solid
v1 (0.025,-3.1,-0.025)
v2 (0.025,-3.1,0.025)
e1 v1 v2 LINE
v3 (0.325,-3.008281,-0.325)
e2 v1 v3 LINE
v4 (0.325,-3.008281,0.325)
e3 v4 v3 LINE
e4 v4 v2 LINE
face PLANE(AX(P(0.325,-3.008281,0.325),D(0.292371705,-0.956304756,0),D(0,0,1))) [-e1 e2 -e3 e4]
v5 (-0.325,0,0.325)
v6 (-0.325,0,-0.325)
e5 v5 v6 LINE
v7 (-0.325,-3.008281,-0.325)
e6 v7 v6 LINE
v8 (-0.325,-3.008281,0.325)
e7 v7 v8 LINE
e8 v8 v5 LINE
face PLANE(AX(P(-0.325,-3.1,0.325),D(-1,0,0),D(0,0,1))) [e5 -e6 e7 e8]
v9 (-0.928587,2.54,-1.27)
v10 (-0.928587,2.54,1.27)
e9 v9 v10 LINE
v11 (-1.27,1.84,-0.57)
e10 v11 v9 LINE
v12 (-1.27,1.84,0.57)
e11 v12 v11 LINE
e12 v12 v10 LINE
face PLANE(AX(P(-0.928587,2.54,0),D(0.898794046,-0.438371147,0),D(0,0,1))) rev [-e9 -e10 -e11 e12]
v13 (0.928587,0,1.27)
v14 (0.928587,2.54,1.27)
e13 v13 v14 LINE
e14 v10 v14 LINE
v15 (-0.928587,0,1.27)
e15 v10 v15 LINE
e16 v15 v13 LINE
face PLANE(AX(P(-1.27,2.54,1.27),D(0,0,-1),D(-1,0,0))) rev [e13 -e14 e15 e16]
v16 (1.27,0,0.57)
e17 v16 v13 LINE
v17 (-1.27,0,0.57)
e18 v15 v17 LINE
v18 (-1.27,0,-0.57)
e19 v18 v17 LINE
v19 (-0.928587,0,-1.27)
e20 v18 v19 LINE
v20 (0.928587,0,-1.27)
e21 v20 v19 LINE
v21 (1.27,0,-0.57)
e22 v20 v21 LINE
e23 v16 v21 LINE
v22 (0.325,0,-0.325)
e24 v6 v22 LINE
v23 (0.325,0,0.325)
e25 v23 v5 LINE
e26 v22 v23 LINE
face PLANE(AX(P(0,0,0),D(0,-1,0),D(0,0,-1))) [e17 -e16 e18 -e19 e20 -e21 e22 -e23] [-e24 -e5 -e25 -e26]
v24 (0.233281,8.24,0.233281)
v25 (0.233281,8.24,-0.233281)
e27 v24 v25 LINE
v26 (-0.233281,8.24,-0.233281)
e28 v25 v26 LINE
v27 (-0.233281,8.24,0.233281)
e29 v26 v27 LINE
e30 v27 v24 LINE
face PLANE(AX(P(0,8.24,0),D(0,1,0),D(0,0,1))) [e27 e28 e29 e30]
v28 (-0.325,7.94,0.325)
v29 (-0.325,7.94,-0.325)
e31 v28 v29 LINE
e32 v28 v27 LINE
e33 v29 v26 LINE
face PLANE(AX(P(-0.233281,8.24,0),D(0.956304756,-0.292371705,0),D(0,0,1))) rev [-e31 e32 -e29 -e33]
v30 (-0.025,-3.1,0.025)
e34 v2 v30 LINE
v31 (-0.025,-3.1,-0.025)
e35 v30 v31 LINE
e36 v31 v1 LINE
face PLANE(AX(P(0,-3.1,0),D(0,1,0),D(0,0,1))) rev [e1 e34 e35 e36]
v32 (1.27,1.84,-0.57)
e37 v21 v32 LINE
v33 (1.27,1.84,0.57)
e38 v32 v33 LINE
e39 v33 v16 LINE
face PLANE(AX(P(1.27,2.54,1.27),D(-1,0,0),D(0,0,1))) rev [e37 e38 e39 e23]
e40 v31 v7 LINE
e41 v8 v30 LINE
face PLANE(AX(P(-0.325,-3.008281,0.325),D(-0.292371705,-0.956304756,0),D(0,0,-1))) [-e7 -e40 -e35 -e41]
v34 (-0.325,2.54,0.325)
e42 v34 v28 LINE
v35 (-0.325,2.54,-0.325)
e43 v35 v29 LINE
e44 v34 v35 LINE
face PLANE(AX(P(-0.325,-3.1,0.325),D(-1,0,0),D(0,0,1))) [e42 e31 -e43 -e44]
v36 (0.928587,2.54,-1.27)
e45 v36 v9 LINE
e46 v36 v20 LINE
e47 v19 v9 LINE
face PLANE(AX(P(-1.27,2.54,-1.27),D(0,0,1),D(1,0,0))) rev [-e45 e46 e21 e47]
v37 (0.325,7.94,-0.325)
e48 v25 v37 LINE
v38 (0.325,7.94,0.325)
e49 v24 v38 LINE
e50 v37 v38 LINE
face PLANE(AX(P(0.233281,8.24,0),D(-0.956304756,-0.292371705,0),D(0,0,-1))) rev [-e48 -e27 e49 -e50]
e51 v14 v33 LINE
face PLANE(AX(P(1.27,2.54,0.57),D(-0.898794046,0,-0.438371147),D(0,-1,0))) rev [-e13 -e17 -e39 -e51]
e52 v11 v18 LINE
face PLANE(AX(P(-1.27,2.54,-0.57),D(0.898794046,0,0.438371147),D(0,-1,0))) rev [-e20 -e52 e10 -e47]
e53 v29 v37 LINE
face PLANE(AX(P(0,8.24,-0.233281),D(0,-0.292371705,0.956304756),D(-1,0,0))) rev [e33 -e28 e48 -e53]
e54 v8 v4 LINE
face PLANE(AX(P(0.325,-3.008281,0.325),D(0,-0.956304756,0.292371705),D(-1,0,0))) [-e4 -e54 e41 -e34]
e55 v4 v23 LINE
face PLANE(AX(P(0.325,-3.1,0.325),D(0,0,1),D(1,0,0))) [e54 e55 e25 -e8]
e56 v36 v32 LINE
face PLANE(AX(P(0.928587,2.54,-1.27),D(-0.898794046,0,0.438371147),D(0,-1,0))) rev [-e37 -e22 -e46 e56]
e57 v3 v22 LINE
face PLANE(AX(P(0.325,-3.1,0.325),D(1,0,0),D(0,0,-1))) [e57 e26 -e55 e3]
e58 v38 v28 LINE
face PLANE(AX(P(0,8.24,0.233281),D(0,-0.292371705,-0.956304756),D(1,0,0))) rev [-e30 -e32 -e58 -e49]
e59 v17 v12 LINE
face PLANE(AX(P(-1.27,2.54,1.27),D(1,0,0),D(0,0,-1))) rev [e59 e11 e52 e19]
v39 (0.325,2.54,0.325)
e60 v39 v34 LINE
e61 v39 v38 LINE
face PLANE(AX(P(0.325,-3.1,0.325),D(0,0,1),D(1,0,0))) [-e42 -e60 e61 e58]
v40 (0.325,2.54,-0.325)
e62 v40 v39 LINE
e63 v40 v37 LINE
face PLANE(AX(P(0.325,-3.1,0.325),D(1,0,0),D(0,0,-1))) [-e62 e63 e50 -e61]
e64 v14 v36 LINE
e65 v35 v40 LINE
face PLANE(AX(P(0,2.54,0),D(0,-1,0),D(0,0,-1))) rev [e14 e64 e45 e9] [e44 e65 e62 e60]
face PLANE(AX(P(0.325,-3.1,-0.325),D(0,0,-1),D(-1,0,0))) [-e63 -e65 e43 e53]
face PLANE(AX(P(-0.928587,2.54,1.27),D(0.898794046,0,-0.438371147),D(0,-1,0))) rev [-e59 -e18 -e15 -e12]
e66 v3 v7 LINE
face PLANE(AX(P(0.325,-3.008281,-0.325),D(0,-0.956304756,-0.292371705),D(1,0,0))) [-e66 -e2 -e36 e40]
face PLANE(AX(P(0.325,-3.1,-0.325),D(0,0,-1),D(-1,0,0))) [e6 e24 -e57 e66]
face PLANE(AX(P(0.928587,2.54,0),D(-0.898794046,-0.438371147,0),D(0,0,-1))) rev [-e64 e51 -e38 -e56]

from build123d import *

# Parameters (mm, degrees)
SKETCH1_W                = 2.54
SKETCH1_H                = 2.54
BOSS_EXTRUDE1_DEPTH      = 2.54
SKETCH2_W                = 0.65
SKETCH2_H                = 0.65
BOSS_EXTRUDE2_DEPTH      = 5.7
BOSS_EXTRUDE2_DEPTH_BACK = 5.64
CHAMFER1_SIZE            = 0.3
CHAMFER1_SIZE2           = 0.091719204
CHAMFER1_PART_2_SIZE     = 0.3
CHAMFER1_PART_2_SIZE2    = 0.091719204
CHAMFER1_PART_3_SIZE     = 0.3
CHAMFER1_PART_3_SIZE2    = 0.091719204
CHAMFER1_PART_4_SIZE     = 0.3
CHAMFER1_PART_4_SIZE2    = 0.091719204
CHAMFER1_PART_5_SIZE     = 0.3
CHAMFER1_PART_5_SIZE2    = 0.091719204
CHAMFER3_SIZE            = 0.7
CHAMFER3_SIZE2           = 0.341412812
CHAMFER4_SIZE            = 0.7
CHAMFER4_SIZE2           = 0.341412812


with BuildPart() as part:
    # Sketch1 → Boss-Extrude1 (new body)
    with BuildSketch(Plane(origin=(0, 0, 0), x_dir=(1, 0, 0), z_dir=(0, 1, 0))):
        Rectangle(SKETCH1_W, SKETCH1_H)
    extrude(amount=BOSS_EXTRUDE1_DEPTH)

    # Sketch2 → Boss-Extrude2 (add, two sides)
    with BuildSketch(Plane(origin=(0, 2.54, 0), x_dir=(1, 0, 0), z_dir=(0, 1, 0))) as boss_extrude2_sk:
        Rectangle(SKETCH2_W, SKETCH2_H)
    extrude(amount=BOSS_EXTRUDE2_DEPTH)
    extrude(boss_extrude2_sk.sketch, amount=-BOSS_EXTRUDE2_DEPTH_BACK)

    # Chamfer1
    chamfer1_edges = [part.edges().sort_by_distance(p)[0] for p in [
        (-0.325, -3.1, 0),
        (0, -3.1, -0.325),
        (0.325, -3.1, 0),
        (0, -3.1, 0.325),
    ]]
    chamfer1_side = [part.faces().sort_by_distance(p)[0] for p in [
        (0, -3.1, 0),
    ]]
    chamfer(chamfer1_edges, length=CHAMFER1_SIZE, length2=CHAMFER1_SIZE2, reference=chamfer1_side[0])

    # Chamfer1 part 2
    chamfer1_part_2_edges = [part.edges().sort_by_distance(p)[0] for p in [
        (-0.325, 8.24, 0),
    ]]
    chamfer1_part_2_side = [part.faces().sort_by_distance(p)[0] for p in [
        (-0.325, 5.39, 0),
    ]]
    chamfer(chamfer1_part_2_edges, length=CHAMFER1_PART_2_SIZE, length2=CHAMFER1_PART_2_SIZE2, reference=chamfer1_part_2_side[0])

    # Chamfer1 part 3
    chamfer1_part_3_edges = [part.edges().sort_by_distance(p)[0] for p in [
        (0, 8.24, 0.325),
    ]]
    chamfer1_part_3_side = [part.faces().sort_by_distance(p)[0] for p in [
        (0, 5.39, 0.325),
    ]]
    chamfer(chamfer1_part_3_edges, length=CHAMFER1_PART_3_SIZE, length2=CHAMFER1_PART_3_SIZE2, reference=chamfer1_part_3_side[0])

    # Chamfer1 part 4
    chamfer1_part_4_edges = [part.edges().sort_by_distance(p)[0] for p in [
        (0.325, 8.24, 0),
    ]]
    chamfer1_part_4_side = [part.faces().sort_by_distance(p)[0] for p in [
        (0.325, 5.39, 0),
    ]]
    chamfer(chamfer1_part_4_edges, length=CHAMFER1_PART_4_SIZE, length2=CHAMFER1_PART_4_SIZE2, reference=chamfer1_part_4_side[0])

    # Chamfer1 part 5
    chamfer1_part_5_edges = [part.edges().sort_by_distance(p)[0] for p in [
        (0, 8.24, -0.325),
    ]]
    chamfer1_part_5_side = [part.faces().sort_by_distance(p)[0] for p in [
        (0, 5.39, -0.325),
    ]]
    chamfer(chamfer1_part_5_edges, length=CHAMFER1_PART_5_SIZE, length2=CHAMFER1_PART_5_SIZE2, reference=chamfer1_part_5_side[0])

    # Chamfer3
    chamfer3_edges = [part.edges().sort_by_distance(p)[0] for p in [
        (1.27, 2.54, 0),
        (1.27, 1.27, 1.27),
        (1.27, 1.27, -1.27),
    ]]
    chamfer3_side = [part.faces().sort_by_distance(p)[0] for p in [
        (1.27, 1.27, 0),
    ]]
    chamfer(chamfer3_edges, length=CHAMFER3_SIZE, length2=CHAMFER3_SIZE2, reference=chamfer3_side[0])

    # Chamfer4
    chamfer4_edges = [part.edges().sort_by_distance(p)[0] for p in [
        (-1.27, 2.54, 0),
        (-1.27, 1.27, 1.27),
        (-1.27, 1.27, -1.27),
    ]]
    chamfer4_side = [part.faces().sort_by_distance(p)[0] for p in [
        (-1.27, 1.27, 0),
    ]]
    chamfer(chamfer4_edges, length=CHAMFER4_SIZE, length2=CHAMFER4_SIZE2, reference=chamfer4_side[0])


solid = part.part
